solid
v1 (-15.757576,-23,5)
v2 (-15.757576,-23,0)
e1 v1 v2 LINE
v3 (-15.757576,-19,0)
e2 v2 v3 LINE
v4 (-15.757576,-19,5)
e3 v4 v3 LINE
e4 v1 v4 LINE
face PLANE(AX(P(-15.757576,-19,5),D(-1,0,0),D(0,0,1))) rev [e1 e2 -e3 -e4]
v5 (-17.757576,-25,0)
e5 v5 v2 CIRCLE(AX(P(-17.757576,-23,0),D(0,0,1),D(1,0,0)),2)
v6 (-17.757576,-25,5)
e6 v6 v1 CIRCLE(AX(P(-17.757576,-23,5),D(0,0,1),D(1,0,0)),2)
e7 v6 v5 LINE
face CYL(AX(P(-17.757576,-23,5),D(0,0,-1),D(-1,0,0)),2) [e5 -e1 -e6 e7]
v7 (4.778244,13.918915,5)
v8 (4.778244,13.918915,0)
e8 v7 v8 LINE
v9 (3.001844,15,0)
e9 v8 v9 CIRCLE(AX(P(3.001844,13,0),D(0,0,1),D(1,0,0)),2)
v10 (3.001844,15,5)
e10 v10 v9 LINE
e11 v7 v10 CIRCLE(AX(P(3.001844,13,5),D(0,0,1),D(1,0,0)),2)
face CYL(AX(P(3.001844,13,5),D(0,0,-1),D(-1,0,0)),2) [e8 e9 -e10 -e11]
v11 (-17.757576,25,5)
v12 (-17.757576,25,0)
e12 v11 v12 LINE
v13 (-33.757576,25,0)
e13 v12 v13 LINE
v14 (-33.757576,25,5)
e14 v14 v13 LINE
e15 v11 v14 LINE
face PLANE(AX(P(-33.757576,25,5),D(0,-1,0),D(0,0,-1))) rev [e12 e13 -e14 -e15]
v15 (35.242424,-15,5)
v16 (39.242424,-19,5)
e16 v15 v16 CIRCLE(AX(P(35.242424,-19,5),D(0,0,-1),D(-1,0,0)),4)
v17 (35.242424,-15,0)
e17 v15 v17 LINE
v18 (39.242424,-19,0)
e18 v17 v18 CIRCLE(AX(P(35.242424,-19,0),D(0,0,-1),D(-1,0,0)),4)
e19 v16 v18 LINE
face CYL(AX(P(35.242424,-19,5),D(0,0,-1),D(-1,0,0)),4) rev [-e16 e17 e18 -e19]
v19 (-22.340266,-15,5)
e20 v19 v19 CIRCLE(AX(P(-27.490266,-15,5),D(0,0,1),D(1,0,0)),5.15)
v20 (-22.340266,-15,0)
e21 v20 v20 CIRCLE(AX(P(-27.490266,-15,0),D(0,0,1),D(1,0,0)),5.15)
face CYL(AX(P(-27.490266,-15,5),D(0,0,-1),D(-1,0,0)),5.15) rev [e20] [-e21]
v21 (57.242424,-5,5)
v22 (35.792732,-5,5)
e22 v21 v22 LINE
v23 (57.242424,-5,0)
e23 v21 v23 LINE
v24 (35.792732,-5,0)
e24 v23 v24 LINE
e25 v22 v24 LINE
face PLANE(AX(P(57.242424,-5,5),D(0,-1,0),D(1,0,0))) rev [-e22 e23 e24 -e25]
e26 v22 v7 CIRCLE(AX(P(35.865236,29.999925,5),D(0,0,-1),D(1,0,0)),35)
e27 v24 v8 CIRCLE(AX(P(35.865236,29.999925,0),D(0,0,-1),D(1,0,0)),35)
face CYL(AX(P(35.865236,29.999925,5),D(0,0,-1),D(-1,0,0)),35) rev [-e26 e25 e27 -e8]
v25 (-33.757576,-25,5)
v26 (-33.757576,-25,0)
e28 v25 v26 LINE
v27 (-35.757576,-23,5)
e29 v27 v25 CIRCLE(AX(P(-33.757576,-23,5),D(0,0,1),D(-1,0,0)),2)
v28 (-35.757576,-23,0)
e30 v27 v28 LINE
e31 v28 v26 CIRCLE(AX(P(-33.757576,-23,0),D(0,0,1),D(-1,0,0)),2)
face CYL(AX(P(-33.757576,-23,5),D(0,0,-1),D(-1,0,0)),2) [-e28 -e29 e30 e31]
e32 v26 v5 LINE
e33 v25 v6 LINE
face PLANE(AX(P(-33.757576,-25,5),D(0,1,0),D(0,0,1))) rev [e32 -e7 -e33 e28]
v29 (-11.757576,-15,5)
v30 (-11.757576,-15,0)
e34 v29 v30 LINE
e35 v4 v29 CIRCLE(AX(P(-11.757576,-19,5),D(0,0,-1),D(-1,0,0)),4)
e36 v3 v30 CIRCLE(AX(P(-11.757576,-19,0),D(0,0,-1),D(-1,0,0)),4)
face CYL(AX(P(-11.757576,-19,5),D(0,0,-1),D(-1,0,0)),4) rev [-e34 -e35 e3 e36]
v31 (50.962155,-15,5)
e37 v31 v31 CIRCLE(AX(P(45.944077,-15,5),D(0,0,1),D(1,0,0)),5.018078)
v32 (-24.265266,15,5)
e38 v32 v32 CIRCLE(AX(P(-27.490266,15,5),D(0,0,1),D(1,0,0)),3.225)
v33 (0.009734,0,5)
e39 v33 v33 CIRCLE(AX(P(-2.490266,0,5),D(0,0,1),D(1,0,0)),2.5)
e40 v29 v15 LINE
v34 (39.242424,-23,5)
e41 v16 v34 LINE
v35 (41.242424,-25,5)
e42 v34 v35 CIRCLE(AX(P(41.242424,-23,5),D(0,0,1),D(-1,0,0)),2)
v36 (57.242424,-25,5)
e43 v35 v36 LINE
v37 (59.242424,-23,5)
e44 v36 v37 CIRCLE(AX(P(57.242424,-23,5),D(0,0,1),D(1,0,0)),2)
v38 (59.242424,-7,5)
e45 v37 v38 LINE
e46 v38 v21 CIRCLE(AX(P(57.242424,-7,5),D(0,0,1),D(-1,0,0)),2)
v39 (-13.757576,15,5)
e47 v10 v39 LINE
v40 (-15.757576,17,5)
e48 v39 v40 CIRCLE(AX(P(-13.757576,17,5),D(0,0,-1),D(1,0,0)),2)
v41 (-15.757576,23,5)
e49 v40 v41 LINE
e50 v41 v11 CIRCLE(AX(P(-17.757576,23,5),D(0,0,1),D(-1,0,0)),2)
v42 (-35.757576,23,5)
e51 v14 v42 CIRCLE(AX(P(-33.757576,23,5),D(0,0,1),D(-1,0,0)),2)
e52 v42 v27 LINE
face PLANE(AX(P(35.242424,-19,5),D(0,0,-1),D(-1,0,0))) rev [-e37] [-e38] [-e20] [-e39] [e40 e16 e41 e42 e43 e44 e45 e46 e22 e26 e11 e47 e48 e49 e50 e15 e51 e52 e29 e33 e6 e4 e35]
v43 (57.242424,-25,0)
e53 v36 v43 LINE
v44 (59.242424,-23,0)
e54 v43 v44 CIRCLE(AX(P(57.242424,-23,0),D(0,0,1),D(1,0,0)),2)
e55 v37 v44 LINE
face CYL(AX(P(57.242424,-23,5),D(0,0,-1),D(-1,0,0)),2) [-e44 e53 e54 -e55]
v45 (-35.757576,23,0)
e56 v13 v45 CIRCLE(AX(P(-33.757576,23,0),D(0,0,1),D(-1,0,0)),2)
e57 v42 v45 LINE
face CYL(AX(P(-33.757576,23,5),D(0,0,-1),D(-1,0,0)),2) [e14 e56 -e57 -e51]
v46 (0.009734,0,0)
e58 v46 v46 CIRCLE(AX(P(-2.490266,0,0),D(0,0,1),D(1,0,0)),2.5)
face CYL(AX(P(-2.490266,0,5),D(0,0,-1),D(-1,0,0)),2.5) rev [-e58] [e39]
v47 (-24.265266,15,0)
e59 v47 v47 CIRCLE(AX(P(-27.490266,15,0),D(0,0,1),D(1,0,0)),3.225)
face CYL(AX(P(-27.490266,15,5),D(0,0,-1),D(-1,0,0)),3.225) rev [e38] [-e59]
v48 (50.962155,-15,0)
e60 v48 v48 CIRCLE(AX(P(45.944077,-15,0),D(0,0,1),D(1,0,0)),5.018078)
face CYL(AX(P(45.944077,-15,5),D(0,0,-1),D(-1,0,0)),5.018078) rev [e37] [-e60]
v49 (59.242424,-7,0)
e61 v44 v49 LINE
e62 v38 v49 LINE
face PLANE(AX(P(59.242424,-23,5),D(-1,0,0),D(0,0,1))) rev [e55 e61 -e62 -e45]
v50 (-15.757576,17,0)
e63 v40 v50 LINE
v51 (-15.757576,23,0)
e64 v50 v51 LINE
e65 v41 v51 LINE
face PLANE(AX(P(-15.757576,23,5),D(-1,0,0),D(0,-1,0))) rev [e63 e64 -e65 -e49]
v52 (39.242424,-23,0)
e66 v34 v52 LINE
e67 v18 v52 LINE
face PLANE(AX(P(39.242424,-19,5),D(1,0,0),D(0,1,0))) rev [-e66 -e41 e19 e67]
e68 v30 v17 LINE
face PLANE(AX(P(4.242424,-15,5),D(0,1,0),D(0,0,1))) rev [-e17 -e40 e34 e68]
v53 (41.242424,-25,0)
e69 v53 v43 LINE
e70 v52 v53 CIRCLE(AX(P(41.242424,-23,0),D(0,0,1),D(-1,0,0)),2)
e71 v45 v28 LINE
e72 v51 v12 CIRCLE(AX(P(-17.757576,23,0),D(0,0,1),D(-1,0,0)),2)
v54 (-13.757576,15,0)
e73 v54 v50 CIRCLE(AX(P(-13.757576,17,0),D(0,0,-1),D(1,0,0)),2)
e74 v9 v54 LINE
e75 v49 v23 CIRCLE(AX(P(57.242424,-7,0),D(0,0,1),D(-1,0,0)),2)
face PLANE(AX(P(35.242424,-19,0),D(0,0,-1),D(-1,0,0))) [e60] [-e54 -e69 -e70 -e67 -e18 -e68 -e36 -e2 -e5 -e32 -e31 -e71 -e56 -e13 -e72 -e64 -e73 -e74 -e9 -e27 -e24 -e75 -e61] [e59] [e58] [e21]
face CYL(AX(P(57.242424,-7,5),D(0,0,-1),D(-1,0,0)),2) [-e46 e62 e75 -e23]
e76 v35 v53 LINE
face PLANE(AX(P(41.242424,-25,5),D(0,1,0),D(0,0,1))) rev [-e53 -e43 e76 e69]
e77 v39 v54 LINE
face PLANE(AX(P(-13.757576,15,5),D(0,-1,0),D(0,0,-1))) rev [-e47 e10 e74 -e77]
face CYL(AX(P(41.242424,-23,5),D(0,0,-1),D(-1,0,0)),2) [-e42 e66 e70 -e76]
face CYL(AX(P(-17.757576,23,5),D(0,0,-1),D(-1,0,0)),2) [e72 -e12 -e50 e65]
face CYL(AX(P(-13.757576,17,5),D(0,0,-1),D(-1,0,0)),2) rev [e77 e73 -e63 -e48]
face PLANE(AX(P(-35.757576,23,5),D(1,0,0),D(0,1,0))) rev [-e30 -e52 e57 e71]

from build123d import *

# Parameters (mm, degrees)
SKETCH1_R           = 5.018077717
SKETCH1_R_2         = 5.15
SKETCH1_R_3         = 3.225
SKETCH1_R_4         = 2.5
BOSS_EXTRUDE1_DEPTH = 5


with BuildPart() as part:
    # Sketch1 → Boss-Extrude1 (new body)
    with BuildSketch(Plane.XY):
        with BuildLine():
            Line((4.242424242, -15), (35.242424242, -15))
            ThreePointArc((35.242424242, -15), (38.070851367, -16.171572875), (39.242424242, -19))
            Line((39.242424242, -19), (39.242424242, -23))
            ThreePointArc((39.242424242, -23), (39.82821068, -24.414213562), (41.242424242, -25))
            Line((41.242424242, -25), (57.242424242, -25))
            ThreePointArc((57.242424242, -25), (58.656637805, -24.414213562), (59.242424242, -23))
            Line((59.242424242, -23), (59.242424242, -7))
            ThreePointArc((59.242424242, -7), (58.656637805, -5.585786438), (57.242424242, -5))
            Line((57.242424242, -5), (35.792732382, -5))
            ThreePointArc((35.792732382, -5), (17.638610474, 0.120331449), (4.778243752, 13.91891486))
            ThreePointArc((4.778243752, 13.91891486), (4.04159661, 14.708483204), (3.001844168, 15))
            Line((3.001844168, 15), (-13.757575758, 15))
            ThreePointArc((-13.757575758, 15), (-15.17178932, 15.585786438), (-15.757575758, 17))
            Line((-15.757575758, 17), (-15.757575758, 23))
            ThreePointArc((-15.757575758, 23), (-16.343362195, 24.414213562), (-17.757575758, 25))
            Line((-17.757575758, 25), (-33.757575758, 25))
            ThreePointArc((-33.757575758, 25), (-35.17178932, 24.414213562), (-35.757575758, 23))
            Line((-35.757575758, 23), (-35.757575758, -23))
            ThreePointArc((-35.757575758, -23), (-35.17178932, -24.414213562), (-33.757575758, -25))
            Line((-33.757575758, -25), (-17.757575758, -25))
            ThreePointArc((-17.757575758, -25), (-16.343362195, -24.414213562), (-15.757575758, -23))
            Line((-15.757575758, -23), (-15.757575758, -19))
            ThreePointArc((-15.757575758, -19), (-14.586002882, -16.171572875), (-11.757575758, -15))
            Line((-11.757575758, -15), (4.242424242, -15))
        make_face()
        with Locations((45.944077131, -15)):
            Circle(SKETCH1_R, mode=Mode.SUBTRACT)
        with Locations((-27.490266303, -15)):
            Circle(SKETCH1_R_2, mode=Mode.SUBTRACT)
        with Locations((-27.490266303, 15)):
            Circle(SKETCH1_R_3, mode=Mode.SUBTRACT)
        with Locations((-2.490266303, 0)):
            Circle(SKETCH1_R_4, mode=Mode.SUBTRACT)
    extrude(amount=BOSS_EXTRUDE1_DEPTH)


solid = part.part
